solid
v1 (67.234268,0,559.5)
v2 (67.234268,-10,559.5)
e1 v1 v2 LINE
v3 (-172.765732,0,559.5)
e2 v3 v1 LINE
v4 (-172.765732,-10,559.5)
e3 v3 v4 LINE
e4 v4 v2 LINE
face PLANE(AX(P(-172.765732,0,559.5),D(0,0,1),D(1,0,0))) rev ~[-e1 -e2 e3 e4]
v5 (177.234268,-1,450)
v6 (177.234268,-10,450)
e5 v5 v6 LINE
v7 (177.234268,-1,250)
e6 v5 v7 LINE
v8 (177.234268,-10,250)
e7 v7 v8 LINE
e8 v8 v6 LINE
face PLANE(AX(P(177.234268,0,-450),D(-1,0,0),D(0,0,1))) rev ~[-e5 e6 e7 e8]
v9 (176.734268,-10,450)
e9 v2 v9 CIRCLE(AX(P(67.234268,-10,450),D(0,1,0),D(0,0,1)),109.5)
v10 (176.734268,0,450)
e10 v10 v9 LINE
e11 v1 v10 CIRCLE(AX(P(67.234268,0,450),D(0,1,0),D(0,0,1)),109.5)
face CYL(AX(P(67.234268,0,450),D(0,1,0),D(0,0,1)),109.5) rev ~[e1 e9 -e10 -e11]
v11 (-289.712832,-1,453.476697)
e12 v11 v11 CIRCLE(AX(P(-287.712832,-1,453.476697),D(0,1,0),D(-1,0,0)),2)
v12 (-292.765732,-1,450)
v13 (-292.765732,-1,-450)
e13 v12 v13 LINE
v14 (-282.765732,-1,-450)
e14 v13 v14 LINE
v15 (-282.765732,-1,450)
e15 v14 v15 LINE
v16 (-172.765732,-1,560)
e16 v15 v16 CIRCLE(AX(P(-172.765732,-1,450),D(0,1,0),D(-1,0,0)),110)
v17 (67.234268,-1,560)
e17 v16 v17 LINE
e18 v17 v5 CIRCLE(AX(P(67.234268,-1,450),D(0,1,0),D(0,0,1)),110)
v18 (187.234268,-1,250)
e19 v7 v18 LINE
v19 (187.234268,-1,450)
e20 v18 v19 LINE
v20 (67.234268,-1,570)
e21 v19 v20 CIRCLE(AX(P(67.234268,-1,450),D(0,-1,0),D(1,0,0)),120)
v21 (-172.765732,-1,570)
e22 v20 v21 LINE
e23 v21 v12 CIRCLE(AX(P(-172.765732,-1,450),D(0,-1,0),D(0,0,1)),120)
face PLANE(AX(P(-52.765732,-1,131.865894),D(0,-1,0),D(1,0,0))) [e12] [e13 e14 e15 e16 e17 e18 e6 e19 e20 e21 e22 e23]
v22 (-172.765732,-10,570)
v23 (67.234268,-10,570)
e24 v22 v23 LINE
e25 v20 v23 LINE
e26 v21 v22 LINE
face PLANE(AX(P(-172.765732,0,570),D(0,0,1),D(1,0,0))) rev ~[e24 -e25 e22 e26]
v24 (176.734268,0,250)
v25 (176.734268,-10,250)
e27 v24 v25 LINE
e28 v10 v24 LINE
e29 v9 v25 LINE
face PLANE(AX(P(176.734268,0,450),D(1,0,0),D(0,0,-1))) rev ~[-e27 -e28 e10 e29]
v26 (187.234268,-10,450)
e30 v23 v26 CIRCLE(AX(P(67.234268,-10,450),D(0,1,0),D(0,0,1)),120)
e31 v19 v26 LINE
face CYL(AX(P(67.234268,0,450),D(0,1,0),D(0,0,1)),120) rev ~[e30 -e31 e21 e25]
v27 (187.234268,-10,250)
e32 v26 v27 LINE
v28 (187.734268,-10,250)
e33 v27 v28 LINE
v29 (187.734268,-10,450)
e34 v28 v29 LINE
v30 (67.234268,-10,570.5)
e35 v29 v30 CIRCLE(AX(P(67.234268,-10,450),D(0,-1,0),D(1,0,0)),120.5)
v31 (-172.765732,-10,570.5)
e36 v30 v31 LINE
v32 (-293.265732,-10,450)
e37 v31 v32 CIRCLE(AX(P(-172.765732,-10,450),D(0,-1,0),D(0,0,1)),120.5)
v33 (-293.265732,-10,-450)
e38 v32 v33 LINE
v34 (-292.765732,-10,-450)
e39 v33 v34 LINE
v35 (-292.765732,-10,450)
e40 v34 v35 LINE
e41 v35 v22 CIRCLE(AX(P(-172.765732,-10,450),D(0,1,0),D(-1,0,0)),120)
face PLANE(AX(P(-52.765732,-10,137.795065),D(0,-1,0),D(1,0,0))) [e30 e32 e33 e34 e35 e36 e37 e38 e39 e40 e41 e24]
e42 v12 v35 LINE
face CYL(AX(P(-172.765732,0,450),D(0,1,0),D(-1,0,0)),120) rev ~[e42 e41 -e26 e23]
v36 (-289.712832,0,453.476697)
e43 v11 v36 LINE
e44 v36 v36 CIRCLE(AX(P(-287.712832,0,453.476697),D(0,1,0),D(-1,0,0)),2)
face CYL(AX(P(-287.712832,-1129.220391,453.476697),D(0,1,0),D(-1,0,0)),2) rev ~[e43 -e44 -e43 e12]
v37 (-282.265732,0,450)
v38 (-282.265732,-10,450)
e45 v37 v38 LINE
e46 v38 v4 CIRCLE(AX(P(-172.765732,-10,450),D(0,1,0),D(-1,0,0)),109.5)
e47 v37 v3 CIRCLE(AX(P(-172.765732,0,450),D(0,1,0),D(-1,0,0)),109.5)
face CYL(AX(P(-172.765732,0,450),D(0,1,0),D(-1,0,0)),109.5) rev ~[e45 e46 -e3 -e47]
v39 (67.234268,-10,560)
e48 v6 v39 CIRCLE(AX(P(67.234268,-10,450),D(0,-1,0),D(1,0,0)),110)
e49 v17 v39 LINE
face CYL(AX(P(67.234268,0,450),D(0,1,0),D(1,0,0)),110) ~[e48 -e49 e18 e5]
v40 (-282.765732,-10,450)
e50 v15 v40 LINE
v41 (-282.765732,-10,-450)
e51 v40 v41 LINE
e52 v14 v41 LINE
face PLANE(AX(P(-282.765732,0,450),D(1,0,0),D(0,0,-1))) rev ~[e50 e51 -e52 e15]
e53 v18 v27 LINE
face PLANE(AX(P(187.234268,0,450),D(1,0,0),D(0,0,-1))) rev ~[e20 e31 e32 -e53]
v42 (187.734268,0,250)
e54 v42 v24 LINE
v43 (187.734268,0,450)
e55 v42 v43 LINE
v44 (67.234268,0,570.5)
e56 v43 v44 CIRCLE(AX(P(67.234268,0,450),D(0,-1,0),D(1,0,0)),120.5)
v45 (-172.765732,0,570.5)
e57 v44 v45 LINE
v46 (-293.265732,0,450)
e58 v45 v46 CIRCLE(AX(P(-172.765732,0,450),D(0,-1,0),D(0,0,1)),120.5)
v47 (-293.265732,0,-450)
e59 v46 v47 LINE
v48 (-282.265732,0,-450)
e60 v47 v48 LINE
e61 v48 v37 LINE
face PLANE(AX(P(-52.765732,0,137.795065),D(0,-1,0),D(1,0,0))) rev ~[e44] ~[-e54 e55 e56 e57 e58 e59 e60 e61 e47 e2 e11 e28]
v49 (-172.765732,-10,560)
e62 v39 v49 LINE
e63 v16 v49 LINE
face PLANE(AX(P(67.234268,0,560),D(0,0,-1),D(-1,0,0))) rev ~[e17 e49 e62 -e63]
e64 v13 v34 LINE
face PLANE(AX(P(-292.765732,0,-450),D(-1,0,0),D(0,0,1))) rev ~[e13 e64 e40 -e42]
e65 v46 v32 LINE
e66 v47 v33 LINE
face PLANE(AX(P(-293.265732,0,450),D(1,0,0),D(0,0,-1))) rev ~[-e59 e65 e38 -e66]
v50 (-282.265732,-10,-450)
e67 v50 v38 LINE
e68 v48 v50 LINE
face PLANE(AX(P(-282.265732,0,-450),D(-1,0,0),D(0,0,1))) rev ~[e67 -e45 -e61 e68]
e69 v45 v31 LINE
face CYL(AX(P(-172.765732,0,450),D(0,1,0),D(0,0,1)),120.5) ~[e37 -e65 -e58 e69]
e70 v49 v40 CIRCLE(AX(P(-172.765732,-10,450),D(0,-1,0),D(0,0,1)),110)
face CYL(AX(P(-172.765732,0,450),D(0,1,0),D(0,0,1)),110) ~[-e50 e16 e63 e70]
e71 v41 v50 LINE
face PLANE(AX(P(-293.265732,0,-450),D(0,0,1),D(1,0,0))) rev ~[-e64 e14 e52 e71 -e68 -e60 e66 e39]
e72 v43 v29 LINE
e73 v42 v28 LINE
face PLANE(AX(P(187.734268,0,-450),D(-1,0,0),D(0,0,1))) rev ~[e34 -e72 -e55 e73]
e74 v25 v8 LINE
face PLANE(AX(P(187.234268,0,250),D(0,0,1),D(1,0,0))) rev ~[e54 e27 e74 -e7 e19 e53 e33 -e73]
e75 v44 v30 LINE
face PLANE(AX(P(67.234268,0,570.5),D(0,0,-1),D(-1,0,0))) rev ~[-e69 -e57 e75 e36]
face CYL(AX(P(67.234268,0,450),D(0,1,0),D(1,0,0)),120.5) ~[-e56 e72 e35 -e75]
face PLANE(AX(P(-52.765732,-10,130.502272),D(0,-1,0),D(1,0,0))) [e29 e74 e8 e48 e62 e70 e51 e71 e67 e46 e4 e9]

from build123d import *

# Parameters (mm, degrees)
F1_DEPTH = 1
F2_DEPTH = 10
F3_DEPTH = 700
F5_D     = 4


with BuildPart() as f1:
    # F0 (on Front) → F1 (new body)
    with BuildSketch(Plane.XZ):
        with BuildLine():
            Line((-292.7657316476, 450), (-292.7657316476, -450))
            Line((-292.7657316476, -450), (-287.7657316476, -450))
            Line((-287.7657316476, -450), (-282.7657316476, -450))
            Line((-282.7657316476, -450), (-282.7657316476, 450))
            ThreePointArc((-282.7657316476, 450), (-250.5474775781, 527.7817459305), (-172.7657316476, 560))
            Line((-172.7657316476, 560), (67.2342683524, 560))
            ThreePointArc((67.2342683524, 560), (145.0160142829, 527.7817459305), (177.2342683524, 450))
            Line((177.2342683524, 450), (177.2342683524, -450))
            Line((177.2342683524, -450), (187.2342683524, -450))
            Line((187.2342683524, -450), (187.2342683524, 450))
            ThreePointArc((187.2342683524, 450), (152.0870820948, 534.8528137424), (67.2342683524, 570))
            Line((67.2342683524, 570), (-172.7657316476, 570))
            ThreePointArc((-172.7657316476, 570), (-257.61854539, 534.8528137424), (-292.7657316476, 450))
        make_face()
    extrude(amount=F1_DEPTH)

    # F0 (on Front) → F2 (join)
    with BuildSketch(Plane.XZ):
        with BuildLine():
            Line((-293.2657316476, 450), (-293.2657316476, -450))
            Line((-293.2657316476, -450), (-292.7657316476, -450))
            Line((-292.7657316476, -450), (-292.7657316476, 450))
            ThreePointArc((-292.7657316476, 450), (-257.61854539, 534.8528137424), (-172.7657316476, 570))
            Line((-172.7657316476, 570), (67.2342683524, 570))
            ThreePointArc((67.2342683524, 570), (152.0870820948, 534.8528137424), (187.2342683524, 450))
            Line((187.2342683524, 450), (187.2342683524, -450))
            Line((187.2342683524, -450), (187.7342683524, -450))
            Line((187.7342683524, -450), (187.7342683524, 450))
            ThreePointArc((187.7342683524, 450), (152.4406354854, 535.206367133), (67.2342683524, 570.5))
            Line((67.2342683524, 570.5), (-172.7657316476, 570.5))
            ThreePointArc((-172.7657316476, 570.5), (-257.9720987806, 535.206367133), (-293.2657316476, 450))
        make_face()
        with BuildLine():
            Line((-282.7657316476, 450), (-282.7657316476, -450))
            Line((-282.7657316476, -450), (-282.2657316476, -450))
            Line((-282.2657316476, -450), (-282.2657316476, 450))
            ThreePointArc((-282.2657316476, 450), (-250.1939241875, 527.4281925399), (-172.7657316476, 559.5))
            Line((-172.7657316476, 559.5), (67.2342683524, 559.5))
            ThreePointArc((67.2342683524, 559.5), (144.6624608923, 527.4281925399), (176.7342683524, 450))
            Line((176.7342683524, 450), (176.7342683524, -450))
            Line((176.7342683524, -450), (177.2342683524, -450))
            Line((177.2342683524, -450), (177.2342683524, 450))
            ThreePointArc((177.2342683524, 450), (145.0160142829, 527.7817459305), (67.2342683524, 560))
            Line((67.2342683524, 560), (-172.7657316476, 560))
            ThreePointArc((-172.7657316476, 560), (-250.5474775781, 527.7817459305), (-282.7657316476, 450))
        make_face()
    extrude(amount=F2_DEPTH)

    # F3 (cut): a face of the model
    f3_faces = [f1.faces().sort_by_distance(p)[0] for p in [
        (182.2342683524, -0.1486606875, -450),
    ]]
    extrude(f3_faces, amount=-F3_DEPTH, mode=Mode.SUBTRACT)

    # F5 (through all)
    with Locations(Plane.XZ.offset(1)):
        with Locations((-287.7128323337, 453.4766965134)):
            Hole(F5_D / 2)


solid = f1.part
